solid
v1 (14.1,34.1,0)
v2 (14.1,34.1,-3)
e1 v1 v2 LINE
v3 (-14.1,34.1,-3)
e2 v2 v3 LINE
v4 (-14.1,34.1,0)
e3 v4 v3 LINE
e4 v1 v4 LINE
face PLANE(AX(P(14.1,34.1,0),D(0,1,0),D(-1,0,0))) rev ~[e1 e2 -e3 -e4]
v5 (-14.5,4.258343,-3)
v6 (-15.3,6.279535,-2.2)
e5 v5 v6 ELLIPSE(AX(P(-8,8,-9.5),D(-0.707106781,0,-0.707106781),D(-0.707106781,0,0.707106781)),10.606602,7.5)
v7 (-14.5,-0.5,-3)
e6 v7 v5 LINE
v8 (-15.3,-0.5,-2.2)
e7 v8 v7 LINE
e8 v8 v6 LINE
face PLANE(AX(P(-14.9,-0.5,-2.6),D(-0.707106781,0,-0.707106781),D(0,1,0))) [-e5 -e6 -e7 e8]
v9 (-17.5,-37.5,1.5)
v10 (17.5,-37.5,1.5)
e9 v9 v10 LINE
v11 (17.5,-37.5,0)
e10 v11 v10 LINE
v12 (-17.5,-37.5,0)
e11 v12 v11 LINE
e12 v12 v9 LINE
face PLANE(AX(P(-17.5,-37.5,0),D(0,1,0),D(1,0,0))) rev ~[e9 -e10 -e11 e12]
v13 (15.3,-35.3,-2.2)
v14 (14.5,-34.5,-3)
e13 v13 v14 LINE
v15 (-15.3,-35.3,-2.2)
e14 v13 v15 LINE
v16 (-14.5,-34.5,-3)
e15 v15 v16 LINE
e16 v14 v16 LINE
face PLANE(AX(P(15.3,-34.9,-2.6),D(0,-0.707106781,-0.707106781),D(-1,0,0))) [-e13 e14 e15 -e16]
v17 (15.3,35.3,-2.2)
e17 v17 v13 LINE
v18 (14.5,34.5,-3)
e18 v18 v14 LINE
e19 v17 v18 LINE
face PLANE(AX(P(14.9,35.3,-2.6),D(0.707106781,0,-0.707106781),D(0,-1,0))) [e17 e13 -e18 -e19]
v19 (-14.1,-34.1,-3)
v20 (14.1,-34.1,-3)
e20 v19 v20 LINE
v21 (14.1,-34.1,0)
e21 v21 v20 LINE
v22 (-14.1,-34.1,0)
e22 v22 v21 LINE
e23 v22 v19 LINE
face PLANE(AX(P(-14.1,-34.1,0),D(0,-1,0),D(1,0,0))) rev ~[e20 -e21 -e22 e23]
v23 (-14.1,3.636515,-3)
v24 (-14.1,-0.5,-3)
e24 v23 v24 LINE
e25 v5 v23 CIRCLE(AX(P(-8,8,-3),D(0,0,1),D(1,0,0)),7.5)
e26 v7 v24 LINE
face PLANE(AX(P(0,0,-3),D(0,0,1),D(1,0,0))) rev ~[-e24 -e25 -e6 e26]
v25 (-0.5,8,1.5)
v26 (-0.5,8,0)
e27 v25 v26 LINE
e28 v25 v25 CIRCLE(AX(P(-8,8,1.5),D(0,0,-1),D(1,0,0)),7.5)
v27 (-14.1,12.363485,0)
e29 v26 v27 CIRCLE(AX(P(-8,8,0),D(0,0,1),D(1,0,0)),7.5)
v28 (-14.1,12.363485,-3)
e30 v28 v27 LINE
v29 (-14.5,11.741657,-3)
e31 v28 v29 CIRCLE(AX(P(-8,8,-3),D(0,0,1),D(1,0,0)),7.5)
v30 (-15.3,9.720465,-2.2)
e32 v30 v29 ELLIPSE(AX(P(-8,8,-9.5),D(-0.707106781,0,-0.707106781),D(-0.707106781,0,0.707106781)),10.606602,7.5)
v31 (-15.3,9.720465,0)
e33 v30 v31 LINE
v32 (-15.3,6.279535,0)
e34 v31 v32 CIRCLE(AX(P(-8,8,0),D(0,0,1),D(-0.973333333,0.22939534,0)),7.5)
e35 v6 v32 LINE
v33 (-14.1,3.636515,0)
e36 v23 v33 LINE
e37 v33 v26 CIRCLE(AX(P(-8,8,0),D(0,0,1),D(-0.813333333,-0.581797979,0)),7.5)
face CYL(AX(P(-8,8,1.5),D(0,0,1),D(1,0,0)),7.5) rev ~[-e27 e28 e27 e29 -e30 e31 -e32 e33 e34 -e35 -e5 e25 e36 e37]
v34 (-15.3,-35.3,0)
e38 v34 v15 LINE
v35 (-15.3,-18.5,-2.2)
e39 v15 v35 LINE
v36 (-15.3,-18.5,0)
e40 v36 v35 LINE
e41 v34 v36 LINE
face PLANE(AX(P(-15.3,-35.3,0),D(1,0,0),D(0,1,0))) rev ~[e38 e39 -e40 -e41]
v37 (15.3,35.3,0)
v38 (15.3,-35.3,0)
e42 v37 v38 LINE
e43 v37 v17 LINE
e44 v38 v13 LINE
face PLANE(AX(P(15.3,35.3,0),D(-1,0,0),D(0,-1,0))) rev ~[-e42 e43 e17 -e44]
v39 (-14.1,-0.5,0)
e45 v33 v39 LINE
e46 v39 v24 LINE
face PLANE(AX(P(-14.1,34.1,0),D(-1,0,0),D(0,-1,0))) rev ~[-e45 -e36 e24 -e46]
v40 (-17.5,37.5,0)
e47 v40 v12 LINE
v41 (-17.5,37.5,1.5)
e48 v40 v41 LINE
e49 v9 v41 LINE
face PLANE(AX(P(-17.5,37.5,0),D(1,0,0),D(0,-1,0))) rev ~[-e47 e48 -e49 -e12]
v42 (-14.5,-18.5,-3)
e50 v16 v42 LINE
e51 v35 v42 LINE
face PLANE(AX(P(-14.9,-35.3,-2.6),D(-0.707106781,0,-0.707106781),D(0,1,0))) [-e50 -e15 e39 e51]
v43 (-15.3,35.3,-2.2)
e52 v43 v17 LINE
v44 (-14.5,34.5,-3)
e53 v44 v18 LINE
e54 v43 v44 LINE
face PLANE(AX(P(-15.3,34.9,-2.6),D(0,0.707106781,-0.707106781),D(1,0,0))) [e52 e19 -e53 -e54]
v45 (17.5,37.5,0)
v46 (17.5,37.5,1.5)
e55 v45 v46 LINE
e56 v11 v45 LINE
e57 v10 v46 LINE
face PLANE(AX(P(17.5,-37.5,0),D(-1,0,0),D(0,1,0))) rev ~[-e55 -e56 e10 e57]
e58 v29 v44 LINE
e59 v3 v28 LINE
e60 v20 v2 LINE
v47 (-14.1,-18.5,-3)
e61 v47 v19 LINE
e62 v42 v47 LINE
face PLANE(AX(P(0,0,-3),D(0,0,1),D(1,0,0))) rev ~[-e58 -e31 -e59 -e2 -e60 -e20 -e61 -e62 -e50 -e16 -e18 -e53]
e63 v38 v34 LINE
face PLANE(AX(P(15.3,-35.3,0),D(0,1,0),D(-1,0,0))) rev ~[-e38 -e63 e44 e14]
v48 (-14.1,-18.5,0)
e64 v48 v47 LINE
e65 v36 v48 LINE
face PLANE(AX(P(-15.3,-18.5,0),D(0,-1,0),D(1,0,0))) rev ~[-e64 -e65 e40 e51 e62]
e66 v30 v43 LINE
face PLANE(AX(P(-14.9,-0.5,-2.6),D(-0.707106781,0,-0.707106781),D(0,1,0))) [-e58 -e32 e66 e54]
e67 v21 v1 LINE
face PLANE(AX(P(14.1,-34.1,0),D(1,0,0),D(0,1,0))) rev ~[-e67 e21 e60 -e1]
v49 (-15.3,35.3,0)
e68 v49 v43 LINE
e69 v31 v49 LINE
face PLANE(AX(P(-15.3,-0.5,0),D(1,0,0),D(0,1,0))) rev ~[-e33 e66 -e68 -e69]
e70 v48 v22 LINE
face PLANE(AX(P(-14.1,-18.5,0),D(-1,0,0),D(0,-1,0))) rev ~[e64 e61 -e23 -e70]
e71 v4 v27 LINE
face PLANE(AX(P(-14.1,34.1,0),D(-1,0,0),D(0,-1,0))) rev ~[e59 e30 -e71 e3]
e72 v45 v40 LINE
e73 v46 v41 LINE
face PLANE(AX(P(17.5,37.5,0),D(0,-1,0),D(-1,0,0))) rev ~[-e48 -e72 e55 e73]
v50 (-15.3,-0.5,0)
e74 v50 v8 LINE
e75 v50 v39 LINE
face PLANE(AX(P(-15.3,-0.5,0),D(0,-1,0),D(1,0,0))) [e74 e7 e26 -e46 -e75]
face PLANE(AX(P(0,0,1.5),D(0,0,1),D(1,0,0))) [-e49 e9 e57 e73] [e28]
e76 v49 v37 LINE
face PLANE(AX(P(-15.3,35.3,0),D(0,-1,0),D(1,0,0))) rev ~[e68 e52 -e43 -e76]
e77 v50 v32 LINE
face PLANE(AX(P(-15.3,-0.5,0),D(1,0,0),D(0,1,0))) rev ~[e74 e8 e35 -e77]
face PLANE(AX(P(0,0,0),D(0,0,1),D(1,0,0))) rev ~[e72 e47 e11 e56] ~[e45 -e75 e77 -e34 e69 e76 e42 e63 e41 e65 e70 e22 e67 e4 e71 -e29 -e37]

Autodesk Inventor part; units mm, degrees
ref_plane "YZ Plane" through (0, 0, 0) normal (1, 0, 0) x (0, 1, 0)
ref_plane "XZ Plane" through (0, 0, 0) normal (0, 1, 0) x (-1, 0, 0)
ref_plane "XY Plane" through (0, 0, 0) normal (0, 0, 1) x (1, 0, 0)
sketch "Boceto1" plane through (0, 0, 0) normal (0, 0, 1) x (1, 0, 0)
  line L0 (-15.5, -18.5) -> (-17.5, -18.5) projected
  line L1 (-17.5, -18.5) -> (-17.5, -37.5) projected
  line L2 (-17.5, -37.5) -> (17.5, -37.5) projected
  line L3 (17.5, -37.5) -> (17.5, 37.5) projected
  line L4 (17.5, 37.5) -> (-17.5, 37.5) projected
  line L5 (-17.5, 37.5) -> (-17.5, -0.5) projected
  line L6 (-17.5, -0.5) -> (-15.5, -0.5) projected
  line L7 (-15.5, -0.5) -> (-15.5, 35.5) projected
  line L8 (-15.5, 35.5) -> (15.5, 35.5) projected
  line L9 (15.5, 35.5) -> (15.5, -35.5) projected
  line L10 (15.5, -35.5) -> (-15.5, -35.5) projected
  line L11 (-15.5, -35.5) -> (-15.5, -18.5) projected
  line L12 (15.5, 35.5) -> (-15.5, 35.5)
  line L13 (-15.5, 35.5) -> (-15.5, -35.5)
  line L14 (-15.5, -35.5) -> (15.5, -35.5)
  line L15 (15.5, -35.5) -> (15.5, 35.5)
  line L16 (-15.3, -35.3) -> (-15.3, 35.3)
  line L17 (-15.3, 35.3) -> (15.3, 35.3)
  line L18 (15.3, 35.3) -> (15.3, -35.3)
  line L19 (15.3, -35.3) -> (-15.3, -35.3)
  line L20 (-14.1, 34.1) -> (-14.1, -34.1)
  line L21 (-14.1, -34.1) -> (14.1, -34.1)
  line L22 (14.1, -34.1) -> (14.1, 34.1)
  line L23 (14.1, 34.1) -> (-14.1, 34.1)
  line L24 (-15.5, -0.5) -> (-14.1, -0.5)
  line L25 (-15.5, -18.5) -> (-14.1, -18.5)
  point P0 (0, 0)
  point P1 (-15.3, -0.5)
  point P2 (-15.3, -18.5)
  dimension "d0" = 0.2
  dimension "d1" = 1.2
extrude "Extrusión1" add sketch "Boceto1" against normal blind 3 contours L25 L20 L21 L22 L23 L24 L16 L17 L18 L19
chamfer "Chaflán1" distance 0.8 angle 45 5 edges at (-15.3, 17.4, -3) (-15.3, -26.9, -3) (0, -35.3, -3) (15.3, 0, -3) (0, 35.3, -3)
sketch "Boceto2" plane through (0, 0, 0) normal (0, 0, 1) x (1, 0, 0)
  line L0 (-15.5, -18.5) -> (-17.5, -18.5) projected
  line L1 (-17.5, -18.5) -> (-17.5, -37.5) projected
  line L2 (-17.5, -37.5) -> (17.5, -37.5) projected
  line L3 (17.5, -37.5) -> (17.5, 37.5) projected
  line L4 (17.5, 37.5) -> (-17.5, 37.5) projected
  line L5 (-17.5, 37.5) -> (-17.5, -0.5) projected
  line L6 (-17.5, -0.5) -> (-15.5, -0.5) projected
  line L7 (-15.5, -0.5) -> (-15.5, 35.5) projected
  line L8 (-15.5, 35.5) -> (15.5, 35.5) projected
  line L9 (15.5, 35.5) -> (15.5, -35.5) projected
  line L10 (15.5, -35.5) -> (-15.5, -35.5) projected
  line L11 (-15.5, -35.5) -> (-15.5, -18.5) projected
  line L12 (-17.5, -0.5) -> (-17.5, -18.5)
  point P0 (0, 0)
extrude "Extrusión2" add sketch "Boceto2" along normal blind 1.5
sketch "Boceto3" plane through (0, 0, 1.5) normal (0, 0, 1) x (1, 0, 0)
  line L0 (-17.5, 37.5) -> (-17.5, -37.5) projected
  line L1 (-17.5, -37.5) -> (17.5, -37.5) projected
  line L2 (17.5, -37.5) -> (17.5, 37.5) projected
  line L3 (17.5, 37.5) -> (-17.5, 37.5) projected
  line L4 (-15.5, 35.5) -> (15.5, 35.5) projected
  line L5 (-15.5, -35.5) -> (-15.5, 35.5) projected
  line L6 (15.5, -35.5) -> (-15.5, -35.5) projected
  line L7 (15.5, 35.5) -> (15.5, -35.5) projected
  line L8 (-15.5, 35.5) -> (-15.5, 15.5)
  line L9 (-15.5, 15.5) -> (-0.5, 15.5)
  line L10 (-0.5, 15.5) -> (-15.5, 15.5)
  line L11 (-15.5, 15.5) -> (-15.5, 0.5)
  line L12 (-15.5, 0.5) -> (-0.5, 0.5)
  line L13 (-0.5, 0.5) -> (-0.5, 15.5)
  circle A0 centre (-8, 8) radius 7.5
  point P0 (0, 0)
  dimension "d9" = 20
  dimension "d11" = 15
  dimension "d12" = 15
  dimension "d13" = 15
extrude "Extrusión3" cut sketch "Boceto3" against normal through all contours A0
properties part number "Tapa"
